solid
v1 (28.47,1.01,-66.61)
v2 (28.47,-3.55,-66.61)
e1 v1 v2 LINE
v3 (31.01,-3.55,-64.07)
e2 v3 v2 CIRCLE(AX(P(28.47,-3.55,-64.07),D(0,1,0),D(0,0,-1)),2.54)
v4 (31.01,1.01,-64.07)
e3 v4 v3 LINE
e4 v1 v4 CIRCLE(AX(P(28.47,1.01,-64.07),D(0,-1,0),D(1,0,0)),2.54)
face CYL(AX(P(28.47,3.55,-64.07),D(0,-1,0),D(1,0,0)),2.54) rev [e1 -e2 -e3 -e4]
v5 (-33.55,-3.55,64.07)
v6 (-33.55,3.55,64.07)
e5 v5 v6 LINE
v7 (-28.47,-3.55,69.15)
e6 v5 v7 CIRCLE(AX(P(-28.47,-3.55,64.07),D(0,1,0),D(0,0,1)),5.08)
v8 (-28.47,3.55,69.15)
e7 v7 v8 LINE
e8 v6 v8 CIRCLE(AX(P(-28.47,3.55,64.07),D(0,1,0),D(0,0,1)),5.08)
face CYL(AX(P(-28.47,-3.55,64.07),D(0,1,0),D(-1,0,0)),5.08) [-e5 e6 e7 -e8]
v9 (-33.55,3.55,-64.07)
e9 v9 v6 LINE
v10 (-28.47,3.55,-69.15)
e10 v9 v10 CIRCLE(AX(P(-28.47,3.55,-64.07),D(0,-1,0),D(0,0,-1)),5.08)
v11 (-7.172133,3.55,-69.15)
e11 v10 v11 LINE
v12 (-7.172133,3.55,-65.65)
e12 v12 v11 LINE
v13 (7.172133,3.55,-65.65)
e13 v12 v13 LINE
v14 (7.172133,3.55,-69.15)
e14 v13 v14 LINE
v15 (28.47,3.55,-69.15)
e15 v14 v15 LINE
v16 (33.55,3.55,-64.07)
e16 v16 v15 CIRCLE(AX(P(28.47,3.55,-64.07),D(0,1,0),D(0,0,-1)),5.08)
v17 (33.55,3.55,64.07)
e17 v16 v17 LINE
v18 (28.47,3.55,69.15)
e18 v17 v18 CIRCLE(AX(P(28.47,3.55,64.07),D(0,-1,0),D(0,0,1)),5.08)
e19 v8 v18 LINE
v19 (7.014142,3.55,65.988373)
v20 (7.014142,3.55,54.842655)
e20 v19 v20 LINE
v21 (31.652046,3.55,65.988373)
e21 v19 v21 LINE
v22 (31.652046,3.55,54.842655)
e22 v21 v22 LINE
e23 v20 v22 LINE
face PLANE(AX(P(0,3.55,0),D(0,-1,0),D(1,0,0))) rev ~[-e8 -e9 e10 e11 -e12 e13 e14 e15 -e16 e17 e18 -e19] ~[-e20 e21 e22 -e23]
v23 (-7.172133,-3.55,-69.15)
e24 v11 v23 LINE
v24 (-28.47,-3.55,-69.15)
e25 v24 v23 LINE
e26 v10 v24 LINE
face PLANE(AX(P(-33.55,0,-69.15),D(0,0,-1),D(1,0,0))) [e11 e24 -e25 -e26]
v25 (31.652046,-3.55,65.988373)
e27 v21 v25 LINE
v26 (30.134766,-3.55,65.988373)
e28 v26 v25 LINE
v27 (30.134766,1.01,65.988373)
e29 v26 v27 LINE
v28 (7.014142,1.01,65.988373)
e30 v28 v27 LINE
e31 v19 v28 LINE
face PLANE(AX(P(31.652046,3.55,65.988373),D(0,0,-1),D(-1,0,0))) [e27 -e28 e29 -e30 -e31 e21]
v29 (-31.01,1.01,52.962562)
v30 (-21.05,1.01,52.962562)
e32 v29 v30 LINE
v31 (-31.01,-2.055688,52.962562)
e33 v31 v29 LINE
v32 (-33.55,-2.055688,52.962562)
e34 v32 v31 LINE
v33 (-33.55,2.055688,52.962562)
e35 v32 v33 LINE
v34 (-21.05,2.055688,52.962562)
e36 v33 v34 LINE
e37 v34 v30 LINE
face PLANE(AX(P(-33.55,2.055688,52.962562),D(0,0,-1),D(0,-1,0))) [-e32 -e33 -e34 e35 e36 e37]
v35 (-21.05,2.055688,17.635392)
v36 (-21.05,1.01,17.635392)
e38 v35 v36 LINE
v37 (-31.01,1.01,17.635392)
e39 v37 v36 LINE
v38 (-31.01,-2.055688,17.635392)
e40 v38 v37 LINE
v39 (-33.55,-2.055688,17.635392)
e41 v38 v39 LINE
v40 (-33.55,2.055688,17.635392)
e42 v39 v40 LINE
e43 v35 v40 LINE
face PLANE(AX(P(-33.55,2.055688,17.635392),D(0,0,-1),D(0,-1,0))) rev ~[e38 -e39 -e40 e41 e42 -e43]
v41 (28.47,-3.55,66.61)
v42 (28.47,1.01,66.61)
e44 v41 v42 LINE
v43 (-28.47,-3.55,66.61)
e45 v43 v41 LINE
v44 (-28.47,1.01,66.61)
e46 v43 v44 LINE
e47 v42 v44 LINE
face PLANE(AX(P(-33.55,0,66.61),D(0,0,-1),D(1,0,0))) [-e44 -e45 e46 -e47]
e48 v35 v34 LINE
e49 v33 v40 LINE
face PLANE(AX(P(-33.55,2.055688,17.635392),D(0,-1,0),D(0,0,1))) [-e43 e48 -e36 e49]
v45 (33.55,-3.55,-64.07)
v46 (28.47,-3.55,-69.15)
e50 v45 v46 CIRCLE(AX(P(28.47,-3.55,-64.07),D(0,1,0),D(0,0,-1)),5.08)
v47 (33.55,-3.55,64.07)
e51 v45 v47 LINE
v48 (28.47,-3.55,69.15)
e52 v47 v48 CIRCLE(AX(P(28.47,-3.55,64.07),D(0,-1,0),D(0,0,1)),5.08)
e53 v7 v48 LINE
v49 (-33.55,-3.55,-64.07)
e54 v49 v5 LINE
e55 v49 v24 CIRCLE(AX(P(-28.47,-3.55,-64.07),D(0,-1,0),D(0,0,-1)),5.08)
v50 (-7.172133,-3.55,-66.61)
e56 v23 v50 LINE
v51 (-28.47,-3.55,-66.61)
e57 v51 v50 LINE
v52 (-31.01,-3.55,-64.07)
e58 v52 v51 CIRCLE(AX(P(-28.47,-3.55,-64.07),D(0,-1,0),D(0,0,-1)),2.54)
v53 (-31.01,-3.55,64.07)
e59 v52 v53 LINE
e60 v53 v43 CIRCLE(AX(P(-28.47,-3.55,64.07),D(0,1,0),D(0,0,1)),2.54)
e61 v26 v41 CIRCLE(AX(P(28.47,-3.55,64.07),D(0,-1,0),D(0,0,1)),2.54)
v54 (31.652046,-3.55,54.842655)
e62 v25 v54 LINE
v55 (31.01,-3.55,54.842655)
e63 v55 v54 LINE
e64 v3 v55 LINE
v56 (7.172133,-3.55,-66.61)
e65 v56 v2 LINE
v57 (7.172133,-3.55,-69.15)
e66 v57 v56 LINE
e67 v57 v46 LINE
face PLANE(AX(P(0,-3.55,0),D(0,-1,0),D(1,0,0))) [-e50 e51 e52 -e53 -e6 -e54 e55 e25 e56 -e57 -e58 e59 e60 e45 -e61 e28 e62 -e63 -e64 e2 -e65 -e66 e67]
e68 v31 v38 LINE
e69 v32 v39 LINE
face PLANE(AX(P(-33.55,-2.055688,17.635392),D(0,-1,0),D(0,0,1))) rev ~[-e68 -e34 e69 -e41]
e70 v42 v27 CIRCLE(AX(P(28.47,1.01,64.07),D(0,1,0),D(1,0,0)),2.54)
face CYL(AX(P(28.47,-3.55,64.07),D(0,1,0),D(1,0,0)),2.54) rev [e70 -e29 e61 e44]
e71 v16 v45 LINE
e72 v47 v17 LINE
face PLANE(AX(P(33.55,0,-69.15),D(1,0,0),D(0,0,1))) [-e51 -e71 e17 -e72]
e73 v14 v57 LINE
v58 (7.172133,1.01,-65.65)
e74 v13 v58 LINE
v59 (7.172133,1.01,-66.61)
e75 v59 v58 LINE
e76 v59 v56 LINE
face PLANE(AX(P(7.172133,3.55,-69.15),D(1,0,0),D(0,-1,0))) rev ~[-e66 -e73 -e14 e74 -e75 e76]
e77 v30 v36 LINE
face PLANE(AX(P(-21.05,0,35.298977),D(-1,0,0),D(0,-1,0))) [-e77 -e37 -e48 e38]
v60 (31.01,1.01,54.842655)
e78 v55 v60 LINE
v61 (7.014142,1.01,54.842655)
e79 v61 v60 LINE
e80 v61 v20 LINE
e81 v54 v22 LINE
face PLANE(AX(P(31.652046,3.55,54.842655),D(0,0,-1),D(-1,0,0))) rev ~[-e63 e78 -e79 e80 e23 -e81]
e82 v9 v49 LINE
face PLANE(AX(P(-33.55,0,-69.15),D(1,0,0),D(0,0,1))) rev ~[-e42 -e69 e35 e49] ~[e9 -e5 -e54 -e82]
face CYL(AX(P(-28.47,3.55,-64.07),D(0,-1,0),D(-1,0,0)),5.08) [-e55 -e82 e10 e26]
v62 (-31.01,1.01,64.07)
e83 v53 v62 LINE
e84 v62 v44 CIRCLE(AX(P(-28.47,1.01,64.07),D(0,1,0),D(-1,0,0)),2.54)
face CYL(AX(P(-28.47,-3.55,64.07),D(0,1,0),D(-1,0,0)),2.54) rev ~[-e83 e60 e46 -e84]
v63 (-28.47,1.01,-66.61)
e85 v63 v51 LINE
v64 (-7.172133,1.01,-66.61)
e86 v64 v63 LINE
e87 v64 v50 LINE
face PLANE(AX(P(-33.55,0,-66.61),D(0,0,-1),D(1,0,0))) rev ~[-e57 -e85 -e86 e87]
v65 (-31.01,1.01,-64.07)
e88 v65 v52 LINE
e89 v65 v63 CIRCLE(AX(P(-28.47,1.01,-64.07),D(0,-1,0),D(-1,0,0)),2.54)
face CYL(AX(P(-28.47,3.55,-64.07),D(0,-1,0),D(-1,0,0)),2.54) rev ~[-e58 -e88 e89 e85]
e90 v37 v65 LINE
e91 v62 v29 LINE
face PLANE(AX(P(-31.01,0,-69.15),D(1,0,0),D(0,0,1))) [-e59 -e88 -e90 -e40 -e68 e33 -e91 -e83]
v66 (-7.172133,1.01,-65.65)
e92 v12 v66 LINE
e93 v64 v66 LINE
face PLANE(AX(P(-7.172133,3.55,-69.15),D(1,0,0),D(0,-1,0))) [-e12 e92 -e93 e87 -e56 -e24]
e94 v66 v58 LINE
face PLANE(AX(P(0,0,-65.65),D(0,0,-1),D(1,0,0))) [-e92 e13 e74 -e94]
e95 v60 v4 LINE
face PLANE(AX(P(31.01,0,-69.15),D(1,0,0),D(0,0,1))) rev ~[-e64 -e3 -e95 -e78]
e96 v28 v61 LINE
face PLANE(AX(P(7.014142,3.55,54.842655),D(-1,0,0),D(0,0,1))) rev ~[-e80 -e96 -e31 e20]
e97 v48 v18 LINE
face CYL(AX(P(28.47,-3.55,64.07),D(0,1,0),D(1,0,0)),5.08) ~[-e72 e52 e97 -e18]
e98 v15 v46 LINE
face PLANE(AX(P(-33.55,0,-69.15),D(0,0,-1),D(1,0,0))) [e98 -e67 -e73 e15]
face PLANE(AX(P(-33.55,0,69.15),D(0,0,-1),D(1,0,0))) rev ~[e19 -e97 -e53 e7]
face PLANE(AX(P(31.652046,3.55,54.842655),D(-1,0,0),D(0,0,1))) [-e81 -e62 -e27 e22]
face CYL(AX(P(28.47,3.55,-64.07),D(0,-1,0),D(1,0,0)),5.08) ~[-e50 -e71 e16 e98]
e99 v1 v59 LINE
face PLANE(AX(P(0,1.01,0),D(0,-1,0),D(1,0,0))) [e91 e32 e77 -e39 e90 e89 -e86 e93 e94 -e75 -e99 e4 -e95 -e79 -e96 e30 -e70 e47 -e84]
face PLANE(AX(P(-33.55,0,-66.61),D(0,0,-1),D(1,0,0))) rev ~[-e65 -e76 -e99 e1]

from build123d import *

# Parameters (mm, degrees)
F0_W     = 67.1
F0_H     = 138.3
F1_DEPTH = 3.55
F2_R     = 5.08
F3_T     = -2.54
F4_W     = 24.637904
F4_H     = 11.145718
F5_DEPTH = 12.5
F6_W     = 14.344266
F6_H     = 7.1
F7_DEPTH = 3.5
F8_W     = 4.111376
F8_H     = 35.32717
F9_DEPTH = 12.5


with BuildPart() as f1:
    # F0 (on Front) → F1 (new body, symmetric)
    with BuildSketch(Plane.XZ):
        Rectangle(F0_W, F0_H)
    extrude(amount=F1_DEPTH, both=True)

    # F2
    f2_edges = [f1.edges().sort_by_distance(p)[0] for p in [
        (-33.55, 0, 69.15),
        (33.55, 0, 69.15),
        (33.55, 0, -69.15),
        (-33.55, 0, -69.15),
    ]]
    fillet(f2_edges, radius=F2_R)

    # F3
    f3_openings = [f1.faces().sort_by_distance(p)[0] for p in [
        (0, -3.55, 0),
    ]]
    offset(amount=F3_T, openings=f3_openings)

    # F4 (on face) → F5 (cut, symmetric)
    with BuildSketch(Plane(origin=(0, 3.55, 0), x_dir=(-1, 0, 0), z_dir=(0, 1, 0))):
        with Locations((-19.333094, 60.415514)):
            Rectangle(F4_W, F4_H)
    extrude(amount=F5_DEPTH, both=True, mode=Mode.SUBTRACT)

    # F6 (on face) → F7 (cut, symmetric)
    with BuildSketch(Plane(origin=(0, 0, -69.15), x_dir=(1, 0, 0), z_dir=(0, 0, -1))):
        Rectangle(F6_W, F6_H)
    extrude(amount=F7_DEPTH, both=True, mode=Mode.SUBTRACT)

    # F8 (on face) → F9 (cut, symmetric)
    with BuildSketch(Plane(origin=(-33.55, 0, 0), x_dir=(0, -1, 0), z_dir=(-1, 0, 0))):
        with Locations((0, 35.298977)):
            Rectangle(F8_W, F8_H)
    extrude(amount=F9_DEPTH, both=True, mode=Mode.SUBTRACT)


solid = f1.part
